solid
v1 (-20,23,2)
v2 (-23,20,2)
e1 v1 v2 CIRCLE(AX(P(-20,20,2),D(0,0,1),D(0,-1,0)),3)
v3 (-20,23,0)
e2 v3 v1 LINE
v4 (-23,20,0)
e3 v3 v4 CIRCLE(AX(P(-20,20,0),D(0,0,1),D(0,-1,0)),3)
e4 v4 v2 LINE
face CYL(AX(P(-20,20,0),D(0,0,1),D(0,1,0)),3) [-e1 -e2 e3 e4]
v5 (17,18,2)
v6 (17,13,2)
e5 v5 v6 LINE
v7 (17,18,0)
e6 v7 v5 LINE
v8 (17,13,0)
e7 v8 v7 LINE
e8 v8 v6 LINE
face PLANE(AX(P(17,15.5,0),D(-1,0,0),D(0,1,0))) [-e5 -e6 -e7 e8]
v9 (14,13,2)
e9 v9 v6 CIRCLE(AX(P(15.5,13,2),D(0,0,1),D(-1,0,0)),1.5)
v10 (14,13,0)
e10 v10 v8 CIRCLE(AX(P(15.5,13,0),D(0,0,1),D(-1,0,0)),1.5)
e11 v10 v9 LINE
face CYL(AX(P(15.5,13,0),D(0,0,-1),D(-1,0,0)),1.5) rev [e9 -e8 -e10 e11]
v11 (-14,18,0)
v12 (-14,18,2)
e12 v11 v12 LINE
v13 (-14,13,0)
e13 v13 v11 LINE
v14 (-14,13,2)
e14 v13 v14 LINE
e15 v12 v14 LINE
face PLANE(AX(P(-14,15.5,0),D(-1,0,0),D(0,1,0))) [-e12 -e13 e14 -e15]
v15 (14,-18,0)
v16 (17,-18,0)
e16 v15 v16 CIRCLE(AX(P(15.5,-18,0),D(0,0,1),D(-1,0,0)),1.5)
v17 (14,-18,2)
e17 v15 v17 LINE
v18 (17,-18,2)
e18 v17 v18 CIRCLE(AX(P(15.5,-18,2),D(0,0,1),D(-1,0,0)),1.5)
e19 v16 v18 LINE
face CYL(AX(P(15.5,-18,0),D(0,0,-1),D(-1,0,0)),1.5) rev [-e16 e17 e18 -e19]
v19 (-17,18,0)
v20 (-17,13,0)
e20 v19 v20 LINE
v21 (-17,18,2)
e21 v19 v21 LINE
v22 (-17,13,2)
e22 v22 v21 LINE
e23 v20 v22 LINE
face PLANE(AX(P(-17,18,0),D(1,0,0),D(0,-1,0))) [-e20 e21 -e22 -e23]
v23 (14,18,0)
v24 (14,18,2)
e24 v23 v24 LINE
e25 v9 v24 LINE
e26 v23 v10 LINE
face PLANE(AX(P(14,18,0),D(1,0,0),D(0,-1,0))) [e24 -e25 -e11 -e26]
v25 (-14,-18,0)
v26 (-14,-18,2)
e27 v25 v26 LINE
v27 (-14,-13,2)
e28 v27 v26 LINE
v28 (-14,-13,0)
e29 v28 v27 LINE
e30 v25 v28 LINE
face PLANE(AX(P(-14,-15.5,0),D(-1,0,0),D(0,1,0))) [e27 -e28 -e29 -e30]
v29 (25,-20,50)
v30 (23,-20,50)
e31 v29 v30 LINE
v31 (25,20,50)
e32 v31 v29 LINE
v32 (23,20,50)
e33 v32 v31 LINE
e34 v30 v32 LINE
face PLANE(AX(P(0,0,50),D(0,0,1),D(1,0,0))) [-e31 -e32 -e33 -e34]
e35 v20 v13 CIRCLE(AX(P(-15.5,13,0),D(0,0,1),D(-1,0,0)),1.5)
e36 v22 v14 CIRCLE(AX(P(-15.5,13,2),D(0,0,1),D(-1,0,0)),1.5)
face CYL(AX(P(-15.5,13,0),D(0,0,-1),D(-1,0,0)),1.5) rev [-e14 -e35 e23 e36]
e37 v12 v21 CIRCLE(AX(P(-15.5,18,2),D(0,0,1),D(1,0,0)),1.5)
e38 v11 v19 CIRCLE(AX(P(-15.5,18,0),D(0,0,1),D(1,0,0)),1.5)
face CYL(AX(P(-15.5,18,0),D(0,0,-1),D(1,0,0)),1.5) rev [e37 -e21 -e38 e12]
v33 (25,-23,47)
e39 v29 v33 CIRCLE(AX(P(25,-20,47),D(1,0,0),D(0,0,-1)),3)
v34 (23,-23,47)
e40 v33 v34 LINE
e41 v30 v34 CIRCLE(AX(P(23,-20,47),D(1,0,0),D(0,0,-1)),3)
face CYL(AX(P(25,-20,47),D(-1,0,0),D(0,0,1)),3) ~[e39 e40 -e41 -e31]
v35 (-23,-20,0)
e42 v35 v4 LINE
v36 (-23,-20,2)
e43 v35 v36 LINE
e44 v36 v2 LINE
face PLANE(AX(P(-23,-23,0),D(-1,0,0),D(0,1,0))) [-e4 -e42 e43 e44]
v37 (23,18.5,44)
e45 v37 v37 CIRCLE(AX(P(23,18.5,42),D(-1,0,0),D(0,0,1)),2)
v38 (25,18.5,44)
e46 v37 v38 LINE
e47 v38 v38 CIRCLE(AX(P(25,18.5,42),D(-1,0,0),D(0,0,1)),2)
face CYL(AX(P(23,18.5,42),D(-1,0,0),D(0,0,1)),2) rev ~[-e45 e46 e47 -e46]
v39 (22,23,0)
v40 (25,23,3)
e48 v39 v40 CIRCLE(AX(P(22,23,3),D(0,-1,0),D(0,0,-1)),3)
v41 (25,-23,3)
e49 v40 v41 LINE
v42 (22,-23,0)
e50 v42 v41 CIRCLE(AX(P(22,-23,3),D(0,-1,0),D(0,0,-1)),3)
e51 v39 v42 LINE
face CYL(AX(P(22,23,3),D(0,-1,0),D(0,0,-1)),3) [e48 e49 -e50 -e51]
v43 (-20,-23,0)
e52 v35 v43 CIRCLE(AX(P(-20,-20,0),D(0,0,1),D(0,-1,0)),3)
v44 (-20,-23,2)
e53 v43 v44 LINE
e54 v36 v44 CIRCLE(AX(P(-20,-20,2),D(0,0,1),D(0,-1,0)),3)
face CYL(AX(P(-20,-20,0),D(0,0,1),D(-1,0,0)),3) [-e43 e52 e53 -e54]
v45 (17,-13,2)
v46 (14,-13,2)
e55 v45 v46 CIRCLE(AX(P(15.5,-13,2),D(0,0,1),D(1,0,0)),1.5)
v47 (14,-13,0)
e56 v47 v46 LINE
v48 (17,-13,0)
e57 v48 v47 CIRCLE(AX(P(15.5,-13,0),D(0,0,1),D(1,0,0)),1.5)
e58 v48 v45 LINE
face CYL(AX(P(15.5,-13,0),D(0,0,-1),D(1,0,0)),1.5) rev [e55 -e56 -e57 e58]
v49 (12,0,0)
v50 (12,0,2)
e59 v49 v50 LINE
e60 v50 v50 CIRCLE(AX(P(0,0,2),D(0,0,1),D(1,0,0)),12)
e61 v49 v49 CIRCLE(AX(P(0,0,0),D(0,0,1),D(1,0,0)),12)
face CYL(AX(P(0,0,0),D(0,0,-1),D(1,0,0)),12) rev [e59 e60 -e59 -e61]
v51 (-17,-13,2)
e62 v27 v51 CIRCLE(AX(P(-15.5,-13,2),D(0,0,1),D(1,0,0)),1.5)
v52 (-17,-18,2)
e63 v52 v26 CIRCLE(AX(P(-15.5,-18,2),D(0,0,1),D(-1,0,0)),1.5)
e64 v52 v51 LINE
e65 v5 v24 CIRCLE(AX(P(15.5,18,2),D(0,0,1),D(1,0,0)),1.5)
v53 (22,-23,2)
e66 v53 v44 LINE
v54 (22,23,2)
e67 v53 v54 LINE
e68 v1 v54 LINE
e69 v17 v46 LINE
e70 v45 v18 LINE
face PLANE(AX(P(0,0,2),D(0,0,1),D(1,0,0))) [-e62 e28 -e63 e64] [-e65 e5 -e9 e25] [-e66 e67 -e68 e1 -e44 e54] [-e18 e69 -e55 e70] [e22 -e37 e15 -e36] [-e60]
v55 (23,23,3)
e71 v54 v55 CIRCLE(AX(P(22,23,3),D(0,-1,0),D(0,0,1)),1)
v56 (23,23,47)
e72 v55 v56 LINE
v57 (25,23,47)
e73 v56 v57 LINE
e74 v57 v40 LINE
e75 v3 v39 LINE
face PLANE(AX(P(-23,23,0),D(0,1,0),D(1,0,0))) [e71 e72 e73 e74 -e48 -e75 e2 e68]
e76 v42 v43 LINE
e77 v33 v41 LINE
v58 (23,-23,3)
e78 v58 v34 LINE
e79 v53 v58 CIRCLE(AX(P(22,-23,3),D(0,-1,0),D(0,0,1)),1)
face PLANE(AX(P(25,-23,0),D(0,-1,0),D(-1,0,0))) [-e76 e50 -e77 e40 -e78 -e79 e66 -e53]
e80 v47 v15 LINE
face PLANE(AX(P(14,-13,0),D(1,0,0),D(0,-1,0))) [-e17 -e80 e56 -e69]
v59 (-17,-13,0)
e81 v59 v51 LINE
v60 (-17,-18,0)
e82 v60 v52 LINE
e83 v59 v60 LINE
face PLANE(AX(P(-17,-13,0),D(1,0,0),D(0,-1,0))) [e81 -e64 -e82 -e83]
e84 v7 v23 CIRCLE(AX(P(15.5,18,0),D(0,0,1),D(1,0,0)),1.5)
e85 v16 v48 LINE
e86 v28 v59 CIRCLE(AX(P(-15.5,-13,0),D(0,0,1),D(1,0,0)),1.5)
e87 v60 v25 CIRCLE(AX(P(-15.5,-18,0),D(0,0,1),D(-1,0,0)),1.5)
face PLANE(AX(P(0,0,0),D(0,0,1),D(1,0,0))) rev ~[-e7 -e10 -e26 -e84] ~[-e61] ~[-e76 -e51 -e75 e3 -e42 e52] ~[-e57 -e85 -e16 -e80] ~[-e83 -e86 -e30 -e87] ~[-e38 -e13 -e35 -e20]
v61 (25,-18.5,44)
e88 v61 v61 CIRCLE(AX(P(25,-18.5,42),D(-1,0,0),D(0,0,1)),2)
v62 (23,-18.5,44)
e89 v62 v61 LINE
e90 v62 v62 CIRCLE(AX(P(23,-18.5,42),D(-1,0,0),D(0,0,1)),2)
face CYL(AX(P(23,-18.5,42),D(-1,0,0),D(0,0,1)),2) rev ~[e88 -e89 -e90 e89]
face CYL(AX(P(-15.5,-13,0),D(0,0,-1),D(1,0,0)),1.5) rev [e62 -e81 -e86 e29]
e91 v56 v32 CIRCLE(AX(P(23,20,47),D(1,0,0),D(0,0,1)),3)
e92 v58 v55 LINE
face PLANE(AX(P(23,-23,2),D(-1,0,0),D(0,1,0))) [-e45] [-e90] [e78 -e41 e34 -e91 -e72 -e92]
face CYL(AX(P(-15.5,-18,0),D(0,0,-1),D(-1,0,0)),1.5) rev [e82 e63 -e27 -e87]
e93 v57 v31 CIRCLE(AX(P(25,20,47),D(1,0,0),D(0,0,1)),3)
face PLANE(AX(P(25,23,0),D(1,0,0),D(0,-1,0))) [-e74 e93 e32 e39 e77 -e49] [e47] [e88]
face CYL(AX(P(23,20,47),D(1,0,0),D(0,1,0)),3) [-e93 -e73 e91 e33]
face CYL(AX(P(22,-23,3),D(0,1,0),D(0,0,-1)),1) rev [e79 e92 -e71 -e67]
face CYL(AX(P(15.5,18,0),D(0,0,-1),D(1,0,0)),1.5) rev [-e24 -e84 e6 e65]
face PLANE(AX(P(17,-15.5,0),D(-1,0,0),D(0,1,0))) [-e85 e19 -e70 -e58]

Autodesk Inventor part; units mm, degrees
ref_plane "YZ Plane" through (0, 0, 0) normal (1, 0, 0) x (0, 1, 0)
ref_plane "XZ Plane" through (0, 0, 0) normal (0, 1, 0) x (-1, 0, 0)
ref_plane "XY Plane" through (0, 0, 0) normal (0, 0, 1) x (1, 0, 0)
sketch "Эскиз1" plane through (0, 0, 0) normal (0, 0, 1) x (1, 0, 0)
  circle A0 centre (0, 0) radius 12
  line L0 (0, 0) -> (0, 33) construction
  line L1 (0, 0) -> (-30.4422, 0) construction
  line L2 (-23, 23) -> (25, 23)
  line L3 (25, 23) -> (25, -23)
  line L4 (25, -23) -> (-23, -23)
  line L5 (-23, -23) -> (-23, 23)
  line L6 (15.5, 15.5) -> (-15.5, 15.5) construction
  line L7 (-15.5, 15.5) -> (-15.5, -15.5) construction
  line L8 (15.5, -15.5) -> (15.5, 15.5) construction
  line L9 (-15.5, 15.5) -> (15.5, -15.5) construction
  circle A1 centre (-15.5, 15.5) radius 1.5
  circle A2 centre (15.5, 15.5) radius 1.5
  circle A3 centre (-15.5, -15.5) radius 1.5
  circle A4 centre (15.5, -15.5) radius 1.5
  line L10 (51, 23) -> (51, -23) construction
  line L11 (-25.1704, 23) -> (21, 23) construction
  line L12 (21, -23) -> (-25.1704, -23) construction
  line L13 (-15.5, -13) -> (-15.5, -18) construction
  line L14 (-17, -13) -> (-17, -18)
  line L15 (-14, -18) -> (-14, -13)
  arc A5 (-14, -13) -> (-17, -13) centre (-15.5, -13) ccw
  arc A6 (-17, -18) -> (-14, -18) centre (-15.5, -18) ccw
  line L16 (-15.5, 18) -> (-15.5, 13) construction
  line L17 (-17, 18) -> (-17, 13)
  line L18 (-14, 13) -> (-14, 18)
  arc A7 (-14, 18) -> (-17, 18) centre (-15.5, 18) ccw
  arc A8 (-17, 13) -> (-14, 13) centre (-15.5, 13) ccw
  line L19 (15.5, 18) -> (15.5, 13) construction
  line L20 (14, 18) -> (14, 13)
  line L21 (17, 13) -> (17, 18)
  arc A9 (17, 18) -> (14, 18) centre (15.5, 18) ccw
  arc A10 (14, 13) -> (17, 13) centre (15.5, 13) ccw
  line L22 (15.5, -13) -> (15.5, -18) construction
  line L23 (14, -13) -> (14, -18)
  line L24 (17, -18) -> (17, -13)
  arc A11 (17, -13) -> (14, -13) centre (15.5, -13) ccw
  arc A12 (14, -18) -> (17, -18) centre (15.5, -18) ccw
  dimension "d0" = 24
  dimension "d1" = 31
  dimension "d2" = 31
  dimension "d3" = 3
  dimension "d4" = 3
  dimension "d5" = 3
  dimension "d6" = 3
  dimension "d7" = 46
  dimension "d51" = 48
  dimension "d52" = 23
  dimension "d53" = 8
  dimension "d54" = 8
  dimension "d55" = 8
  dimension "d56" = 8
extrude "Выдавливание4" add sketch "Эскиз1" along normal blind 2
sketch "Эскиз3" plane through (0, 0, 2) normal (0, 0, 1) x (1, 0, 0)
  line L0 (25, -23) -> (23, -23)
  line L1 (23, -23) -> (23, 23)
  line L2 (23, 23) -> (25, 23)
  line L3 (25, 23) -> (25, -23)
  line L4 (-23, 23) -> (-23, -23) projected
  line L5 (25, -23) -> (-23, -23) projected
  line L6 (-23, 23) -> (25, 23) projected
  line L7 (25, -23) -> (25, 23) projected
  point P0 (0, 0)
  dimension "d32" = 2
extrude "Выдавливание5" add sketch "Эскиз3" along normal blind 48 contours L0 L1 L2 L3
sketch "Эскиз4" plane through (23, -23, 2) normal (-1, 0, 0) x (0, 0, 1)
  line L0 (40, 4.5) -> (40, 41.5) construction
  circle A0 centre (40, 41.5) radius 2
  circle A1 centre (40, 4.5) radius 2
  line L1 (0, 41) -> (0, 1)
  line L2 (48, 46) -> (48, 0) projected
  line L3 (48, 23) -> (59.018, 23)
  point P0 (20, 21)
  dimension "d42" = 4
  dimension "d43" = 4
  dimension "d50" = 37
  dimension "d60" = 8
extrude "Выдавливание6" cut sketch "Эскиз4" against normal blind 10
fillet "Сопряжение2" radius 1 1 edges at (23, 0, 2)
fillet "Сопряжение3" radius 3 1 edges at (25, 0, 0)
fillet "Сопряжение4" radius 3 4 edges at (-23, -23, 1) (-23, 23, 1) (24, 23, 50) (24, -23, 50)
properties part number "Plastina  motor"
